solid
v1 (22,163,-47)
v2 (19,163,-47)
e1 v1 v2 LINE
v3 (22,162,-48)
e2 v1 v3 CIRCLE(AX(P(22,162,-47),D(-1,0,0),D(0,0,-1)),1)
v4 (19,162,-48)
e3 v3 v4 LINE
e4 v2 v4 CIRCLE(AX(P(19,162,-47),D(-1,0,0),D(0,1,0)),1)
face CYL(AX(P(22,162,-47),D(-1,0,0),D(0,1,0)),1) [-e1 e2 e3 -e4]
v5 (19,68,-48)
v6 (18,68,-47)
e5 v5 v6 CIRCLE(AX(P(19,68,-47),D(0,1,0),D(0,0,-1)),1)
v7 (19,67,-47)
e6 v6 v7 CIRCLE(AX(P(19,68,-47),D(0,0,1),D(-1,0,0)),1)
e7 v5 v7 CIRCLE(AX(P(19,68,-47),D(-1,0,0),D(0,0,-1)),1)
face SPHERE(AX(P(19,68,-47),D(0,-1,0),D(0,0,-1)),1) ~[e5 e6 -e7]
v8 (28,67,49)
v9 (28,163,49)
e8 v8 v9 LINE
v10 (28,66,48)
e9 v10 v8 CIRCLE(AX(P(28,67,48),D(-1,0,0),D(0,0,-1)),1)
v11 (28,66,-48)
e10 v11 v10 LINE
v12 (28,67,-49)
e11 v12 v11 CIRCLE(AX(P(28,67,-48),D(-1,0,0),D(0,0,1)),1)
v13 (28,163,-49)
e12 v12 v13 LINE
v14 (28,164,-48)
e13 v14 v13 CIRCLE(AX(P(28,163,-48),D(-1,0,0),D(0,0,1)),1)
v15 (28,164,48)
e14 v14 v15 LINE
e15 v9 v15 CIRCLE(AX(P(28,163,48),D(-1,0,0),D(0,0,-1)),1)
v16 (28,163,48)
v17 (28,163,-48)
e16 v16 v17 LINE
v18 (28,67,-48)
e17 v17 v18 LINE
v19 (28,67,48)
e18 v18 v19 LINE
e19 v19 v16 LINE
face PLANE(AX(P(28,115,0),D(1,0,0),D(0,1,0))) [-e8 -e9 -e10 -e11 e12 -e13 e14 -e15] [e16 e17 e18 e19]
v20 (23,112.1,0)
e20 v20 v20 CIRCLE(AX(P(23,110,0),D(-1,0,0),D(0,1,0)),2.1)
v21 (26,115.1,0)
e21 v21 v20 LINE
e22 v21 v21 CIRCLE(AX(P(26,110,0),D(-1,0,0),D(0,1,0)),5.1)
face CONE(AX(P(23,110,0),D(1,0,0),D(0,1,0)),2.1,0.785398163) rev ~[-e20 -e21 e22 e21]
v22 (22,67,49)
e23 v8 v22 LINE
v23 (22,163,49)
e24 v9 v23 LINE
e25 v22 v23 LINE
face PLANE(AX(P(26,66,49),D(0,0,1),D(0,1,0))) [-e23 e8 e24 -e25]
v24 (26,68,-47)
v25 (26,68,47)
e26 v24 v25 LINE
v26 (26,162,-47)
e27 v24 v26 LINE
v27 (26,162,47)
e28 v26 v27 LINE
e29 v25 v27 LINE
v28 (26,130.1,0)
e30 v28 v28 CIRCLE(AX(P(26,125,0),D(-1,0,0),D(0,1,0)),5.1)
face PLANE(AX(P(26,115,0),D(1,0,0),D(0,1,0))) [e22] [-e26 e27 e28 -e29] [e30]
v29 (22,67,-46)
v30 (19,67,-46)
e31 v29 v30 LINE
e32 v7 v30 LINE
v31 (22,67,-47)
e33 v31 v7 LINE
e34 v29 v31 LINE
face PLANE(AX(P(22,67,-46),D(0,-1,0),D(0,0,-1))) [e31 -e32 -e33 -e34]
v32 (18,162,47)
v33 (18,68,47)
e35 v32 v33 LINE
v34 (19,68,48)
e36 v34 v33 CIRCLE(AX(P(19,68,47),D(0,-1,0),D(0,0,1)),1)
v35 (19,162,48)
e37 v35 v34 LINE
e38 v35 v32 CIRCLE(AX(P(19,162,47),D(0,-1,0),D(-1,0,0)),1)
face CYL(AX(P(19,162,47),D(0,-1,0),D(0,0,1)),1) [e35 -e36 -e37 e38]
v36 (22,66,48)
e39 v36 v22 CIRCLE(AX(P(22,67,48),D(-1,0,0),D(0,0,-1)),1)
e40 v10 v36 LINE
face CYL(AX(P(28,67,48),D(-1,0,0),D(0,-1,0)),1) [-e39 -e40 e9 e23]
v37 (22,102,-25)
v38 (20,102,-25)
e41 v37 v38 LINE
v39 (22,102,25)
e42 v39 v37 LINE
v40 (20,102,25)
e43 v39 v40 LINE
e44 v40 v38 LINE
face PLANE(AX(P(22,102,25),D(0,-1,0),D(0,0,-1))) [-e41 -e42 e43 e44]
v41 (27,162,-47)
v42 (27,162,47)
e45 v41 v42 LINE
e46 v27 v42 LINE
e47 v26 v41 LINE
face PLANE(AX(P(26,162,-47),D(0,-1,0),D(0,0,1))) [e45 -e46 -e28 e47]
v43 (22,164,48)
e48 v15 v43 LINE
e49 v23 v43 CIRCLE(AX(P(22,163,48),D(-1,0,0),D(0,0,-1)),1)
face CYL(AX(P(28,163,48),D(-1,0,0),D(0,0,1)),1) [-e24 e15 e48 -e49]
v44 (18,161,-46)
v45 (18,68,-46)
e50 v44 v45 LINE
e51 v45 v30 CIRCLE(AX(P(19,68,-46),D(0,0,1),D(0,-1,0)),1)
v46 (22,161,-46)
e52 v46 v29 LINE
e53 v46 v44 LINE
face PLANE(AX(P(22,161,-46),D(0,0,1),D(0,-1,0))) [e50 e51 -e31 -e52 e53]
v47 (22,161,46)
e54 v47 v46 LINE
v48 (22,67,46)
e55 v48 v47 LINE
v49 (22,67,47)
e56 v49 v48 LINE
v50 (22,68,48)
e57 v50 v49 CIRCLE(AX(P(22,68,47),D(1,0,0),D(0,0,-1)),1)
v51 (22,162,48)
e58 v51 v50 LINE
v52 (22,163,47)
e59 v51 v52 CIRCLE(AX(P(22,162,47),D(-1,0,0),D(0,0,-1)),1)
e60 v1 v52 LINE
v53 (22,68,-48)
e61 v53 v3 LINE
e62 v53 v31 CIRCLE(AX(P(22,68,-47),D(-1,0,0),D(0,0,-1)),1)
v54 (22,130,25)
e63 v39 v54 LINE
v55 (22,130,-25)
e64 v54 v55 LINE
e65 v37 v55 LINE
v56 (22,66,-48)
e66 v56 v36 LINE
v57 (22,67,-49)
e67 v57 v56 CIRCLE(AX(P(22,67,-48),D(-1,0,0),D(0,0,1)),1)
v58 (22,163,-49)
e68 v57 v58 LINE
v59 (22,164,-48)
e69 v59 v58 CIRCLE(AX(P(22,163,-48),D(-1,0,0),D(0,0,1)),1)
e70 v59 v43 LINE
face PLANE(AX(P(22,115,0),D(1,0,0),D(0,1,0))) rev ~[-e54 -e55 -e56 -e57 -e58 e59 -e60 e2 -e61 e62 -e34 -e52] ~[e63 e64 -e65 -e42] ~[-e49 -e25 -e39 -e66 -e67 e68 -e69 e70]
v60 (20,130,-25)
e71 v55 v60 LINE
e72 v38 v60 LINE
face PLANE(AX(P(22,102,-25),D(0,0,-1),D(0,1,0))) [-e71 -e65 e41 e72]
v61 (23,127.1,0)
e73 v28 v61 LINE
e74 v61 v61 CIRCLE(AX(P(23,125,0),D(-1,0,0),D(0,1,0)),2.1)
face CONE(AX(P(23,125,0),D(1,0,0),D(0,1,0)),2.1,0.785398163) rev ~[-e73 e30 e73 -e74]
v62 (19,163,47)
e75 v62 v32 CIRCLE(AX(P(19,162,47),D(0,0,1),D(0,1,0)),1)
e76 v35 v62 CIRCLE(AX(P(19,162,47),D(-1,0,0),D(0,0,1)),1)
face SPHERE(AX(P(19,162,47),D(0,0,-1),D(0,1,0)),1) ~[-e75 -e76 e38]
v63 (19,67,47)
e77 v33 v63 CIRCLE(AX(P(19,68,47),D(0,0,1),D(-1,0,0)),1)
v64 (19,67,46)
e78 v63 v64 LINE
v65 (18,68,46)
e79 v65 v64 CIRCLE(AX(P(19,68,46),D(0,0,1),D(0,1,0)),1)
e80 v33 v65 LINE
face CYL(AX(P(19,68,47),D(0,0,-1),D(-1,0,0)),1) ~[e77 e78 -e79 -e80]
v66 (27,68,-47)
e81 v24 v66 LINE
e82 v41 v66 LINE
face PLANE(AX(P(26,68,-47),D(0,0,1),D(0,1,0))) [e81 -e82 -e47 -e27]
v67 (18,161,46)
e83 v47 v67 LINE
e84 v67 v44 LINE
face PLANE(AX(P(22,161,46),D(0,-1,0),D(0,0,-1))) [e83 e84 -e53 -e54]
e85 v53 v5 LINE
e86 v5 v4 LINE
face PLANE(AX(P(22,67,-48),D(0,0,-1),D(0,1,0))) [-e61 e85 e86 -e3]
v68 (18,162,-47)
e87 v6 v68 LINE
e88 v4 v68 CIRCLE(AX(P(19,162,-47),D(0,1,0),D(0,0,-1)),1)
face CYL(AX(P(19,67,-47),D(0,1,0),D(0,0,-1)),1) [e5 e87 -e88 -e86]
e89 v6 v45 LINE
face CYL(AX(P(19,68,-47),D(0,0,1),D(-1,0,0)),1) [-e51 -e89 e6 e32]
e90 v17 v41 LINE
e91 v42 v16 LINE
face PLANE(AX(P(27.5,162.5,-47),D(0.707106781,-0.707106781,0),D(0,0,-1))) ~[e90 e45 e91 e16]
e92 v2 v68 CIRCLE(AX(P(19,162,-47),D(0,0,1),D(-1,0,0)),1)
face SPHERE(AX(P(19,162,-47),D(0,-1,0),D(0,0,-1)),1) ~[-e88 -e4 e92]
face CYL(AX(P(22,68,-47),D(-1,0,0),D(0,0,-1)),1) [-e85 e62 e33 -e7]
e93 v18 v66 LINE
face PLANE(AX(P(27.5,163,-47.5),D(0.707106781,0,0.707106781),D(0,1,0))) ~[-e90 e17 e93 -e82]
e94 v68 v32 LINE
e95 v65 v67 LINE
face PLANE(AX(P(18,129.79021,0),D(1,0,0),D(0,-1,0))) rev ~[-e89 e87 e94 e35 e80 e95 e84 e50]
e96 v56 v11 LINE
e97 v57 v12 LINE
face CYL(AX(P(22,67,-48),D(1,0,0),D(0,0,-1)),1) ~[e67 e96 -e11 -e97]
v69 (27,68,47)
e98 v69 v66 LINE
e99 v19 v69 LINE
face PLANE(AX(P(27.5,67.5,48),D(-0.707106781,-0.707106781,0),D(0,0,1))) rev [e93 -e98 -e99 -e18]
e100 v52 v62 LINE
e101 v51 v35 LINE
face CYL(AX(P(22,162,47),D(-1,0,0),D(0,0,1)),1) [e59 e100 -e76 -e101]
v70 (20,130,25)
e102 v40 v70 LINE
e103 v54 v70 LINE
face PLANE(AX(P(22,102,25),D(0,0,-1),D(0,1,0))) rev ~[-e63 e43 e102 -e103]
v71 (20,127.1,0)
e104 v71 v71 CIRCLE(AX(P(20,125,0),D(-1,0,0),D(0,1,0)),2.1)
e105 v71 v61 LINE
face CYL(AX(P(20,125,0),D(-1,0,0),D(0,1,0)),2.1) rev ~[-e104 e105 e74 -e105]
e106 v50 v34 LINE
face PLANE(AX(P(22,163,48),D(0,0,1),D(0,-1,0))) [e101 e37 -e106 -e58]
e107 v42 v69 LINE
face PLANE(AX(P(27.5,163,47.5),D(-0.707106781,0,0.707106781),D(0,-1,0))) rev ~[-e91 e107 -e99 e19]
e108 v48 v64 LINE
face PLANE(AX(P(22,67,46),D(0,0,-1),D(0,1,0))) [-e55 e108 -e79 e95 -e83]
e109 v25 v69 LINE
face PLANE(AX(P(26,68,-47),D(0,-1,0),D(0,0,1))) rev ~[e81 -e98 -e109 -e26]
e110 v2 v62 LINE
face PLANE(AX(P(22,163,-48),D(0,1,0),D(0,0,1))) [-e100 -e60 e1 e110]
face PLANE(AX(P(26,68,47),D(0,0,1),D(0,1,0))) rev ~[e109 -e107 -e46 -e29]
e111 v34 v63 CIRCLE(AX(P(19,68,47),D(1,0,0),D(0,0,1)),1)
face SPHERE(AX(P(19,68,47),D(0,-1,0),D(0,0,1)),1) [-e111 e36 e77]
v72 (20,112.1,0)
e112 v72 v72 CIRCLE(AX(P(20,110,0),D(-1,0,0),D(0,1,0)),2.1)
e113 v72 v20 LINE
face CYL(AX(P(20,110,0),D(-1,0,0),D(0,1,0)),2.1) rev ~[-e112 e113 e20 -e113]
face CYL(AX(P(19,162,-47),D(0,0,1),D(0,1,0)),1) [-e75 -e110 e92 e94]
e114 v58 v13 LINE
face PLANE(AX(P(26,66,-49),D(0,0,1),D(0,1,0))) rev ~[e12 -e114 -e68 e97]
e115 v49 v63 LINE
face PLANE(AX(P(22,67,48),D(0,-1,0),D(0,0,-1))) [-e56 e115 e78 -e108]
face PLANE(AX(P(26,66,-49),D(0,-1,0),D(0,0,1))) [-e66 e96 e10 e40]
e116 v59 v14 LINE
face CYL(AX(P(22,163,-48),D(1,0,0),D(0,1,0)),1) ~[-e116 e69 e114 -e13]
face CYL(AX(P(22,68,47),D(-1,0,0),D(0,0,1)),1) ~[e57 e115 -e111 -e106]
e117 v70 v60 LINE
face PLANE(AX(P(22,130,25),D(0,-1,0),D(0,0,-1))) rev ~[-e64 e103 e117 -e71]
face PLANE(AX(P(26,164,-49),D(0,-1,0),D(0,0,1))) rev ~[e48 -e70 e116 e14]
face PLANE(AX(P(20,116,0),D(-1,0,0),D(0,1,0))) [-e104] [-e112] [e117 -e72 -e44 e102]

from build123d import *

# Parameters (mm, degrees)
SKETCH009_W     = 98
SKETCH009_H     = 98
PAD006_DEPTH    = 4
SKETCH010_W     = 28
SKETCH010_H     = 50
PAD007_DEPTH    = 2
SKETCH011_R     = 2.1
POCKET003_DEPTH = 6
PAD008_DEPTH    = 4
SKETCH013_W     = 98
SKETCH013_H     = 98
SKETCH013_W_2   = 94
SKETCH013_H_2   = 94
PAD009_DEPTH    = 2
CHAMFER002_SIZE = 3
CHAMFER003_SIZE = 3
CHAMFER004_SIZE = 1
CHAMFER005_SIZE = 1
CHAMFER006_SIZE = 1
CHAMFER007_SIZE = 1
FILLET_R        = 1
FILLET001_R     = 1
FILLET002_R     = 1
FILLET003_R     = 1
FILLET004_R     = 1
FILLET005_R     = 1
FILLET006_R     = 1
FILLET007_R     = 1
FILLET008_R     = 1


with BuildPart() as part:
    # Sketch009 → Pad006 (new body)
    with BuildSketch(Plane.YZ.offset(22)):
        with Locations((115, 0)):
            Rectangle(SKETCH009_W, SKETCH009_H)
    extrude(amount=PAD006_DEPTH)

    # Sketch010 (on Face5 of Pad006) → Pad007 (join)
    with BuildSketch(Plane(origin=(22, 0, 0), x_dir=(0, 1, 0), z_dir=(-1, 0, 0))):
        with Locations((116, 0)):
            Rectangle(SKETCH010_W, SKETCH010_H)
    extrude(amount=PAD007_DEPTH)

    # Sketch011 (on Face11 of Pad007) → Pocket003 (cut)
    with BuildSketch(Plane(origin=(20, 0, 0), x_dir=(0, 1, 0), z_dir=(-1, 0, 0))):
        with Locations((125, 0)):
            Circle(SKETCH011_R)
        with Locations((110, 0)):
            Circle(SKETCH011_R)
    extrude(amount=-POCKET003_DEPTH, mode=Mode.SUBTRACT)

    # Sketch012 (on Face4 of Pocket003) → Pad008 (join)
    with BuildSketch(Plane(origin=(22, 0, 0), x_dir=(0, 1, 0), z_dir=(-1, 0, 0))):
        Polygon((163, 48), (163, -48), (67, -48), (67, -46), (161, -46), (161, 46), (67, 46), (67, 48), align=None)
    extrude(amount=PAD008_DEPTH)

    # Sketch013 (on Face5 of Pad008) → Pad009 (join)
    with BuildSketch(Plane.YZ.offset(26)):
        with Locations((115, 0)):
            Rectangle(SKETCH013_W, SKETCH013_H)
        with Locations((115, 0)):
            Rectangle(SKETCH013_W_2, SKETCH013_H_2, mode=Mode.SUBTRACT)
    extrude(amount=PAD009_DEPTH)

    # Chamfer002
    chamfer002_edges = [part.edges().sort_by_distance(p)[0] for p in [
        (26, 107.9, 0),
    ]]
    chamfer(chamfer002_edges, length=CHAMFER002_SIZE)

    # Chamfer003
    chamfer003_edges = [part.edges().sort_by_distance(p)[0] for p in [
        (26, 122.9, 0),
    ]]
    chamfer(chamfer003_edges, length=CHAMFER003_SIZE)

    # Chamfer004
    chamfer004_edges = [part.edges().sort_by_distance(p)[0] for p in [
        (28, 162, 0),
    ]]
    chamfer(chamfer004_edges, length=CHAMFER004_SIZE)

    # Chamfer005
    chamfer005_edges = [part.edges().sort_by_distance(p)[0] for p in [
        (28, 115, 47),
    ]]
    chamfer(chamfer005_edges, length=CHAMFER005_SIZE)

    # Chamfer006
    chamfer006_edges = [part.edges().sort_by_distance(p)[0] for p in [
        (28, 68, 0.5),
    ]]
    chamfer(chamfer006_edges, length=CHAMFER006_SIZE)

    # Chamfer007
    chamfer007_edges = [part.edges().sort_by_distance(p)[0] for p in [
        (28, 115.5, -47),
    ]]
    chamfer(chamfer007_edges, length=CHAMFER007_SIZE)

    # Fillet
    fillet_edges = [part.edges().sort_by_distance(p)[0] for p in [
        (25, 164, -49),
    ]]
    fillet(fillet_edges, radius=FILLET_R)

    # Fillet001
    fillet001_edges = [part.edges().sort_by_distance(p)[0] for p in [
        (25, 66, -49),
    ]]
    fillet(fillet001_edges, radius=FILLET001_R)

    # Fillet002
    fillet002_edges = [part.edges().sort_by_distance(p)[0] for p in [
        (25, 66, 49),
    ]]
    fillet(fillet002_edges, radius=FILLET002_R)

    # Fillet003
    fillet003_edges = [part.edges().sort_by_distance(p)[0] for p in [
        (25, 164, 49),
    ]]
    fillet(fillet003_edges, radius=FILLET003_R)

    # Fillet004
    fillet004_edges = [part.edges().sort_by_distance(p)[0] for p in [
        (18, 115, -48),
    ]]
    fillet(fillet004_edges, radius=FILLET004_R)

    # Fillet005
    fillet005_edges = [part.edges().sort_by_distance(p)[0] for p in [
        (18, 163, 0.5),
    ]]
    fillet(fillet005_edges, radius=FILLET005_R)

    # Fillet006
    fillet006_edges = [part.edges().sort_by_distance(p)[0] for p in [
        (18, 114.5, 48),
    ]]
    fillet(fillet006_edges, radius=FILLET006_R)

    # Fillet007
    fillet007_edges = [part.edges().sort_by_distance(p)[0] for p in [
        (20.5, 67, -48),
    ]]
    fillet(fillet007_edges, radius=FILLET007_R)

    # Fillet008
    fillet008_edges = [part.edges().sort_by_distance(p)[0] for p in [
        (20.5, 67, 48),
    ]]
    fillet(fillet008_edges, radius=FILLET008_R)


solid = part.part
